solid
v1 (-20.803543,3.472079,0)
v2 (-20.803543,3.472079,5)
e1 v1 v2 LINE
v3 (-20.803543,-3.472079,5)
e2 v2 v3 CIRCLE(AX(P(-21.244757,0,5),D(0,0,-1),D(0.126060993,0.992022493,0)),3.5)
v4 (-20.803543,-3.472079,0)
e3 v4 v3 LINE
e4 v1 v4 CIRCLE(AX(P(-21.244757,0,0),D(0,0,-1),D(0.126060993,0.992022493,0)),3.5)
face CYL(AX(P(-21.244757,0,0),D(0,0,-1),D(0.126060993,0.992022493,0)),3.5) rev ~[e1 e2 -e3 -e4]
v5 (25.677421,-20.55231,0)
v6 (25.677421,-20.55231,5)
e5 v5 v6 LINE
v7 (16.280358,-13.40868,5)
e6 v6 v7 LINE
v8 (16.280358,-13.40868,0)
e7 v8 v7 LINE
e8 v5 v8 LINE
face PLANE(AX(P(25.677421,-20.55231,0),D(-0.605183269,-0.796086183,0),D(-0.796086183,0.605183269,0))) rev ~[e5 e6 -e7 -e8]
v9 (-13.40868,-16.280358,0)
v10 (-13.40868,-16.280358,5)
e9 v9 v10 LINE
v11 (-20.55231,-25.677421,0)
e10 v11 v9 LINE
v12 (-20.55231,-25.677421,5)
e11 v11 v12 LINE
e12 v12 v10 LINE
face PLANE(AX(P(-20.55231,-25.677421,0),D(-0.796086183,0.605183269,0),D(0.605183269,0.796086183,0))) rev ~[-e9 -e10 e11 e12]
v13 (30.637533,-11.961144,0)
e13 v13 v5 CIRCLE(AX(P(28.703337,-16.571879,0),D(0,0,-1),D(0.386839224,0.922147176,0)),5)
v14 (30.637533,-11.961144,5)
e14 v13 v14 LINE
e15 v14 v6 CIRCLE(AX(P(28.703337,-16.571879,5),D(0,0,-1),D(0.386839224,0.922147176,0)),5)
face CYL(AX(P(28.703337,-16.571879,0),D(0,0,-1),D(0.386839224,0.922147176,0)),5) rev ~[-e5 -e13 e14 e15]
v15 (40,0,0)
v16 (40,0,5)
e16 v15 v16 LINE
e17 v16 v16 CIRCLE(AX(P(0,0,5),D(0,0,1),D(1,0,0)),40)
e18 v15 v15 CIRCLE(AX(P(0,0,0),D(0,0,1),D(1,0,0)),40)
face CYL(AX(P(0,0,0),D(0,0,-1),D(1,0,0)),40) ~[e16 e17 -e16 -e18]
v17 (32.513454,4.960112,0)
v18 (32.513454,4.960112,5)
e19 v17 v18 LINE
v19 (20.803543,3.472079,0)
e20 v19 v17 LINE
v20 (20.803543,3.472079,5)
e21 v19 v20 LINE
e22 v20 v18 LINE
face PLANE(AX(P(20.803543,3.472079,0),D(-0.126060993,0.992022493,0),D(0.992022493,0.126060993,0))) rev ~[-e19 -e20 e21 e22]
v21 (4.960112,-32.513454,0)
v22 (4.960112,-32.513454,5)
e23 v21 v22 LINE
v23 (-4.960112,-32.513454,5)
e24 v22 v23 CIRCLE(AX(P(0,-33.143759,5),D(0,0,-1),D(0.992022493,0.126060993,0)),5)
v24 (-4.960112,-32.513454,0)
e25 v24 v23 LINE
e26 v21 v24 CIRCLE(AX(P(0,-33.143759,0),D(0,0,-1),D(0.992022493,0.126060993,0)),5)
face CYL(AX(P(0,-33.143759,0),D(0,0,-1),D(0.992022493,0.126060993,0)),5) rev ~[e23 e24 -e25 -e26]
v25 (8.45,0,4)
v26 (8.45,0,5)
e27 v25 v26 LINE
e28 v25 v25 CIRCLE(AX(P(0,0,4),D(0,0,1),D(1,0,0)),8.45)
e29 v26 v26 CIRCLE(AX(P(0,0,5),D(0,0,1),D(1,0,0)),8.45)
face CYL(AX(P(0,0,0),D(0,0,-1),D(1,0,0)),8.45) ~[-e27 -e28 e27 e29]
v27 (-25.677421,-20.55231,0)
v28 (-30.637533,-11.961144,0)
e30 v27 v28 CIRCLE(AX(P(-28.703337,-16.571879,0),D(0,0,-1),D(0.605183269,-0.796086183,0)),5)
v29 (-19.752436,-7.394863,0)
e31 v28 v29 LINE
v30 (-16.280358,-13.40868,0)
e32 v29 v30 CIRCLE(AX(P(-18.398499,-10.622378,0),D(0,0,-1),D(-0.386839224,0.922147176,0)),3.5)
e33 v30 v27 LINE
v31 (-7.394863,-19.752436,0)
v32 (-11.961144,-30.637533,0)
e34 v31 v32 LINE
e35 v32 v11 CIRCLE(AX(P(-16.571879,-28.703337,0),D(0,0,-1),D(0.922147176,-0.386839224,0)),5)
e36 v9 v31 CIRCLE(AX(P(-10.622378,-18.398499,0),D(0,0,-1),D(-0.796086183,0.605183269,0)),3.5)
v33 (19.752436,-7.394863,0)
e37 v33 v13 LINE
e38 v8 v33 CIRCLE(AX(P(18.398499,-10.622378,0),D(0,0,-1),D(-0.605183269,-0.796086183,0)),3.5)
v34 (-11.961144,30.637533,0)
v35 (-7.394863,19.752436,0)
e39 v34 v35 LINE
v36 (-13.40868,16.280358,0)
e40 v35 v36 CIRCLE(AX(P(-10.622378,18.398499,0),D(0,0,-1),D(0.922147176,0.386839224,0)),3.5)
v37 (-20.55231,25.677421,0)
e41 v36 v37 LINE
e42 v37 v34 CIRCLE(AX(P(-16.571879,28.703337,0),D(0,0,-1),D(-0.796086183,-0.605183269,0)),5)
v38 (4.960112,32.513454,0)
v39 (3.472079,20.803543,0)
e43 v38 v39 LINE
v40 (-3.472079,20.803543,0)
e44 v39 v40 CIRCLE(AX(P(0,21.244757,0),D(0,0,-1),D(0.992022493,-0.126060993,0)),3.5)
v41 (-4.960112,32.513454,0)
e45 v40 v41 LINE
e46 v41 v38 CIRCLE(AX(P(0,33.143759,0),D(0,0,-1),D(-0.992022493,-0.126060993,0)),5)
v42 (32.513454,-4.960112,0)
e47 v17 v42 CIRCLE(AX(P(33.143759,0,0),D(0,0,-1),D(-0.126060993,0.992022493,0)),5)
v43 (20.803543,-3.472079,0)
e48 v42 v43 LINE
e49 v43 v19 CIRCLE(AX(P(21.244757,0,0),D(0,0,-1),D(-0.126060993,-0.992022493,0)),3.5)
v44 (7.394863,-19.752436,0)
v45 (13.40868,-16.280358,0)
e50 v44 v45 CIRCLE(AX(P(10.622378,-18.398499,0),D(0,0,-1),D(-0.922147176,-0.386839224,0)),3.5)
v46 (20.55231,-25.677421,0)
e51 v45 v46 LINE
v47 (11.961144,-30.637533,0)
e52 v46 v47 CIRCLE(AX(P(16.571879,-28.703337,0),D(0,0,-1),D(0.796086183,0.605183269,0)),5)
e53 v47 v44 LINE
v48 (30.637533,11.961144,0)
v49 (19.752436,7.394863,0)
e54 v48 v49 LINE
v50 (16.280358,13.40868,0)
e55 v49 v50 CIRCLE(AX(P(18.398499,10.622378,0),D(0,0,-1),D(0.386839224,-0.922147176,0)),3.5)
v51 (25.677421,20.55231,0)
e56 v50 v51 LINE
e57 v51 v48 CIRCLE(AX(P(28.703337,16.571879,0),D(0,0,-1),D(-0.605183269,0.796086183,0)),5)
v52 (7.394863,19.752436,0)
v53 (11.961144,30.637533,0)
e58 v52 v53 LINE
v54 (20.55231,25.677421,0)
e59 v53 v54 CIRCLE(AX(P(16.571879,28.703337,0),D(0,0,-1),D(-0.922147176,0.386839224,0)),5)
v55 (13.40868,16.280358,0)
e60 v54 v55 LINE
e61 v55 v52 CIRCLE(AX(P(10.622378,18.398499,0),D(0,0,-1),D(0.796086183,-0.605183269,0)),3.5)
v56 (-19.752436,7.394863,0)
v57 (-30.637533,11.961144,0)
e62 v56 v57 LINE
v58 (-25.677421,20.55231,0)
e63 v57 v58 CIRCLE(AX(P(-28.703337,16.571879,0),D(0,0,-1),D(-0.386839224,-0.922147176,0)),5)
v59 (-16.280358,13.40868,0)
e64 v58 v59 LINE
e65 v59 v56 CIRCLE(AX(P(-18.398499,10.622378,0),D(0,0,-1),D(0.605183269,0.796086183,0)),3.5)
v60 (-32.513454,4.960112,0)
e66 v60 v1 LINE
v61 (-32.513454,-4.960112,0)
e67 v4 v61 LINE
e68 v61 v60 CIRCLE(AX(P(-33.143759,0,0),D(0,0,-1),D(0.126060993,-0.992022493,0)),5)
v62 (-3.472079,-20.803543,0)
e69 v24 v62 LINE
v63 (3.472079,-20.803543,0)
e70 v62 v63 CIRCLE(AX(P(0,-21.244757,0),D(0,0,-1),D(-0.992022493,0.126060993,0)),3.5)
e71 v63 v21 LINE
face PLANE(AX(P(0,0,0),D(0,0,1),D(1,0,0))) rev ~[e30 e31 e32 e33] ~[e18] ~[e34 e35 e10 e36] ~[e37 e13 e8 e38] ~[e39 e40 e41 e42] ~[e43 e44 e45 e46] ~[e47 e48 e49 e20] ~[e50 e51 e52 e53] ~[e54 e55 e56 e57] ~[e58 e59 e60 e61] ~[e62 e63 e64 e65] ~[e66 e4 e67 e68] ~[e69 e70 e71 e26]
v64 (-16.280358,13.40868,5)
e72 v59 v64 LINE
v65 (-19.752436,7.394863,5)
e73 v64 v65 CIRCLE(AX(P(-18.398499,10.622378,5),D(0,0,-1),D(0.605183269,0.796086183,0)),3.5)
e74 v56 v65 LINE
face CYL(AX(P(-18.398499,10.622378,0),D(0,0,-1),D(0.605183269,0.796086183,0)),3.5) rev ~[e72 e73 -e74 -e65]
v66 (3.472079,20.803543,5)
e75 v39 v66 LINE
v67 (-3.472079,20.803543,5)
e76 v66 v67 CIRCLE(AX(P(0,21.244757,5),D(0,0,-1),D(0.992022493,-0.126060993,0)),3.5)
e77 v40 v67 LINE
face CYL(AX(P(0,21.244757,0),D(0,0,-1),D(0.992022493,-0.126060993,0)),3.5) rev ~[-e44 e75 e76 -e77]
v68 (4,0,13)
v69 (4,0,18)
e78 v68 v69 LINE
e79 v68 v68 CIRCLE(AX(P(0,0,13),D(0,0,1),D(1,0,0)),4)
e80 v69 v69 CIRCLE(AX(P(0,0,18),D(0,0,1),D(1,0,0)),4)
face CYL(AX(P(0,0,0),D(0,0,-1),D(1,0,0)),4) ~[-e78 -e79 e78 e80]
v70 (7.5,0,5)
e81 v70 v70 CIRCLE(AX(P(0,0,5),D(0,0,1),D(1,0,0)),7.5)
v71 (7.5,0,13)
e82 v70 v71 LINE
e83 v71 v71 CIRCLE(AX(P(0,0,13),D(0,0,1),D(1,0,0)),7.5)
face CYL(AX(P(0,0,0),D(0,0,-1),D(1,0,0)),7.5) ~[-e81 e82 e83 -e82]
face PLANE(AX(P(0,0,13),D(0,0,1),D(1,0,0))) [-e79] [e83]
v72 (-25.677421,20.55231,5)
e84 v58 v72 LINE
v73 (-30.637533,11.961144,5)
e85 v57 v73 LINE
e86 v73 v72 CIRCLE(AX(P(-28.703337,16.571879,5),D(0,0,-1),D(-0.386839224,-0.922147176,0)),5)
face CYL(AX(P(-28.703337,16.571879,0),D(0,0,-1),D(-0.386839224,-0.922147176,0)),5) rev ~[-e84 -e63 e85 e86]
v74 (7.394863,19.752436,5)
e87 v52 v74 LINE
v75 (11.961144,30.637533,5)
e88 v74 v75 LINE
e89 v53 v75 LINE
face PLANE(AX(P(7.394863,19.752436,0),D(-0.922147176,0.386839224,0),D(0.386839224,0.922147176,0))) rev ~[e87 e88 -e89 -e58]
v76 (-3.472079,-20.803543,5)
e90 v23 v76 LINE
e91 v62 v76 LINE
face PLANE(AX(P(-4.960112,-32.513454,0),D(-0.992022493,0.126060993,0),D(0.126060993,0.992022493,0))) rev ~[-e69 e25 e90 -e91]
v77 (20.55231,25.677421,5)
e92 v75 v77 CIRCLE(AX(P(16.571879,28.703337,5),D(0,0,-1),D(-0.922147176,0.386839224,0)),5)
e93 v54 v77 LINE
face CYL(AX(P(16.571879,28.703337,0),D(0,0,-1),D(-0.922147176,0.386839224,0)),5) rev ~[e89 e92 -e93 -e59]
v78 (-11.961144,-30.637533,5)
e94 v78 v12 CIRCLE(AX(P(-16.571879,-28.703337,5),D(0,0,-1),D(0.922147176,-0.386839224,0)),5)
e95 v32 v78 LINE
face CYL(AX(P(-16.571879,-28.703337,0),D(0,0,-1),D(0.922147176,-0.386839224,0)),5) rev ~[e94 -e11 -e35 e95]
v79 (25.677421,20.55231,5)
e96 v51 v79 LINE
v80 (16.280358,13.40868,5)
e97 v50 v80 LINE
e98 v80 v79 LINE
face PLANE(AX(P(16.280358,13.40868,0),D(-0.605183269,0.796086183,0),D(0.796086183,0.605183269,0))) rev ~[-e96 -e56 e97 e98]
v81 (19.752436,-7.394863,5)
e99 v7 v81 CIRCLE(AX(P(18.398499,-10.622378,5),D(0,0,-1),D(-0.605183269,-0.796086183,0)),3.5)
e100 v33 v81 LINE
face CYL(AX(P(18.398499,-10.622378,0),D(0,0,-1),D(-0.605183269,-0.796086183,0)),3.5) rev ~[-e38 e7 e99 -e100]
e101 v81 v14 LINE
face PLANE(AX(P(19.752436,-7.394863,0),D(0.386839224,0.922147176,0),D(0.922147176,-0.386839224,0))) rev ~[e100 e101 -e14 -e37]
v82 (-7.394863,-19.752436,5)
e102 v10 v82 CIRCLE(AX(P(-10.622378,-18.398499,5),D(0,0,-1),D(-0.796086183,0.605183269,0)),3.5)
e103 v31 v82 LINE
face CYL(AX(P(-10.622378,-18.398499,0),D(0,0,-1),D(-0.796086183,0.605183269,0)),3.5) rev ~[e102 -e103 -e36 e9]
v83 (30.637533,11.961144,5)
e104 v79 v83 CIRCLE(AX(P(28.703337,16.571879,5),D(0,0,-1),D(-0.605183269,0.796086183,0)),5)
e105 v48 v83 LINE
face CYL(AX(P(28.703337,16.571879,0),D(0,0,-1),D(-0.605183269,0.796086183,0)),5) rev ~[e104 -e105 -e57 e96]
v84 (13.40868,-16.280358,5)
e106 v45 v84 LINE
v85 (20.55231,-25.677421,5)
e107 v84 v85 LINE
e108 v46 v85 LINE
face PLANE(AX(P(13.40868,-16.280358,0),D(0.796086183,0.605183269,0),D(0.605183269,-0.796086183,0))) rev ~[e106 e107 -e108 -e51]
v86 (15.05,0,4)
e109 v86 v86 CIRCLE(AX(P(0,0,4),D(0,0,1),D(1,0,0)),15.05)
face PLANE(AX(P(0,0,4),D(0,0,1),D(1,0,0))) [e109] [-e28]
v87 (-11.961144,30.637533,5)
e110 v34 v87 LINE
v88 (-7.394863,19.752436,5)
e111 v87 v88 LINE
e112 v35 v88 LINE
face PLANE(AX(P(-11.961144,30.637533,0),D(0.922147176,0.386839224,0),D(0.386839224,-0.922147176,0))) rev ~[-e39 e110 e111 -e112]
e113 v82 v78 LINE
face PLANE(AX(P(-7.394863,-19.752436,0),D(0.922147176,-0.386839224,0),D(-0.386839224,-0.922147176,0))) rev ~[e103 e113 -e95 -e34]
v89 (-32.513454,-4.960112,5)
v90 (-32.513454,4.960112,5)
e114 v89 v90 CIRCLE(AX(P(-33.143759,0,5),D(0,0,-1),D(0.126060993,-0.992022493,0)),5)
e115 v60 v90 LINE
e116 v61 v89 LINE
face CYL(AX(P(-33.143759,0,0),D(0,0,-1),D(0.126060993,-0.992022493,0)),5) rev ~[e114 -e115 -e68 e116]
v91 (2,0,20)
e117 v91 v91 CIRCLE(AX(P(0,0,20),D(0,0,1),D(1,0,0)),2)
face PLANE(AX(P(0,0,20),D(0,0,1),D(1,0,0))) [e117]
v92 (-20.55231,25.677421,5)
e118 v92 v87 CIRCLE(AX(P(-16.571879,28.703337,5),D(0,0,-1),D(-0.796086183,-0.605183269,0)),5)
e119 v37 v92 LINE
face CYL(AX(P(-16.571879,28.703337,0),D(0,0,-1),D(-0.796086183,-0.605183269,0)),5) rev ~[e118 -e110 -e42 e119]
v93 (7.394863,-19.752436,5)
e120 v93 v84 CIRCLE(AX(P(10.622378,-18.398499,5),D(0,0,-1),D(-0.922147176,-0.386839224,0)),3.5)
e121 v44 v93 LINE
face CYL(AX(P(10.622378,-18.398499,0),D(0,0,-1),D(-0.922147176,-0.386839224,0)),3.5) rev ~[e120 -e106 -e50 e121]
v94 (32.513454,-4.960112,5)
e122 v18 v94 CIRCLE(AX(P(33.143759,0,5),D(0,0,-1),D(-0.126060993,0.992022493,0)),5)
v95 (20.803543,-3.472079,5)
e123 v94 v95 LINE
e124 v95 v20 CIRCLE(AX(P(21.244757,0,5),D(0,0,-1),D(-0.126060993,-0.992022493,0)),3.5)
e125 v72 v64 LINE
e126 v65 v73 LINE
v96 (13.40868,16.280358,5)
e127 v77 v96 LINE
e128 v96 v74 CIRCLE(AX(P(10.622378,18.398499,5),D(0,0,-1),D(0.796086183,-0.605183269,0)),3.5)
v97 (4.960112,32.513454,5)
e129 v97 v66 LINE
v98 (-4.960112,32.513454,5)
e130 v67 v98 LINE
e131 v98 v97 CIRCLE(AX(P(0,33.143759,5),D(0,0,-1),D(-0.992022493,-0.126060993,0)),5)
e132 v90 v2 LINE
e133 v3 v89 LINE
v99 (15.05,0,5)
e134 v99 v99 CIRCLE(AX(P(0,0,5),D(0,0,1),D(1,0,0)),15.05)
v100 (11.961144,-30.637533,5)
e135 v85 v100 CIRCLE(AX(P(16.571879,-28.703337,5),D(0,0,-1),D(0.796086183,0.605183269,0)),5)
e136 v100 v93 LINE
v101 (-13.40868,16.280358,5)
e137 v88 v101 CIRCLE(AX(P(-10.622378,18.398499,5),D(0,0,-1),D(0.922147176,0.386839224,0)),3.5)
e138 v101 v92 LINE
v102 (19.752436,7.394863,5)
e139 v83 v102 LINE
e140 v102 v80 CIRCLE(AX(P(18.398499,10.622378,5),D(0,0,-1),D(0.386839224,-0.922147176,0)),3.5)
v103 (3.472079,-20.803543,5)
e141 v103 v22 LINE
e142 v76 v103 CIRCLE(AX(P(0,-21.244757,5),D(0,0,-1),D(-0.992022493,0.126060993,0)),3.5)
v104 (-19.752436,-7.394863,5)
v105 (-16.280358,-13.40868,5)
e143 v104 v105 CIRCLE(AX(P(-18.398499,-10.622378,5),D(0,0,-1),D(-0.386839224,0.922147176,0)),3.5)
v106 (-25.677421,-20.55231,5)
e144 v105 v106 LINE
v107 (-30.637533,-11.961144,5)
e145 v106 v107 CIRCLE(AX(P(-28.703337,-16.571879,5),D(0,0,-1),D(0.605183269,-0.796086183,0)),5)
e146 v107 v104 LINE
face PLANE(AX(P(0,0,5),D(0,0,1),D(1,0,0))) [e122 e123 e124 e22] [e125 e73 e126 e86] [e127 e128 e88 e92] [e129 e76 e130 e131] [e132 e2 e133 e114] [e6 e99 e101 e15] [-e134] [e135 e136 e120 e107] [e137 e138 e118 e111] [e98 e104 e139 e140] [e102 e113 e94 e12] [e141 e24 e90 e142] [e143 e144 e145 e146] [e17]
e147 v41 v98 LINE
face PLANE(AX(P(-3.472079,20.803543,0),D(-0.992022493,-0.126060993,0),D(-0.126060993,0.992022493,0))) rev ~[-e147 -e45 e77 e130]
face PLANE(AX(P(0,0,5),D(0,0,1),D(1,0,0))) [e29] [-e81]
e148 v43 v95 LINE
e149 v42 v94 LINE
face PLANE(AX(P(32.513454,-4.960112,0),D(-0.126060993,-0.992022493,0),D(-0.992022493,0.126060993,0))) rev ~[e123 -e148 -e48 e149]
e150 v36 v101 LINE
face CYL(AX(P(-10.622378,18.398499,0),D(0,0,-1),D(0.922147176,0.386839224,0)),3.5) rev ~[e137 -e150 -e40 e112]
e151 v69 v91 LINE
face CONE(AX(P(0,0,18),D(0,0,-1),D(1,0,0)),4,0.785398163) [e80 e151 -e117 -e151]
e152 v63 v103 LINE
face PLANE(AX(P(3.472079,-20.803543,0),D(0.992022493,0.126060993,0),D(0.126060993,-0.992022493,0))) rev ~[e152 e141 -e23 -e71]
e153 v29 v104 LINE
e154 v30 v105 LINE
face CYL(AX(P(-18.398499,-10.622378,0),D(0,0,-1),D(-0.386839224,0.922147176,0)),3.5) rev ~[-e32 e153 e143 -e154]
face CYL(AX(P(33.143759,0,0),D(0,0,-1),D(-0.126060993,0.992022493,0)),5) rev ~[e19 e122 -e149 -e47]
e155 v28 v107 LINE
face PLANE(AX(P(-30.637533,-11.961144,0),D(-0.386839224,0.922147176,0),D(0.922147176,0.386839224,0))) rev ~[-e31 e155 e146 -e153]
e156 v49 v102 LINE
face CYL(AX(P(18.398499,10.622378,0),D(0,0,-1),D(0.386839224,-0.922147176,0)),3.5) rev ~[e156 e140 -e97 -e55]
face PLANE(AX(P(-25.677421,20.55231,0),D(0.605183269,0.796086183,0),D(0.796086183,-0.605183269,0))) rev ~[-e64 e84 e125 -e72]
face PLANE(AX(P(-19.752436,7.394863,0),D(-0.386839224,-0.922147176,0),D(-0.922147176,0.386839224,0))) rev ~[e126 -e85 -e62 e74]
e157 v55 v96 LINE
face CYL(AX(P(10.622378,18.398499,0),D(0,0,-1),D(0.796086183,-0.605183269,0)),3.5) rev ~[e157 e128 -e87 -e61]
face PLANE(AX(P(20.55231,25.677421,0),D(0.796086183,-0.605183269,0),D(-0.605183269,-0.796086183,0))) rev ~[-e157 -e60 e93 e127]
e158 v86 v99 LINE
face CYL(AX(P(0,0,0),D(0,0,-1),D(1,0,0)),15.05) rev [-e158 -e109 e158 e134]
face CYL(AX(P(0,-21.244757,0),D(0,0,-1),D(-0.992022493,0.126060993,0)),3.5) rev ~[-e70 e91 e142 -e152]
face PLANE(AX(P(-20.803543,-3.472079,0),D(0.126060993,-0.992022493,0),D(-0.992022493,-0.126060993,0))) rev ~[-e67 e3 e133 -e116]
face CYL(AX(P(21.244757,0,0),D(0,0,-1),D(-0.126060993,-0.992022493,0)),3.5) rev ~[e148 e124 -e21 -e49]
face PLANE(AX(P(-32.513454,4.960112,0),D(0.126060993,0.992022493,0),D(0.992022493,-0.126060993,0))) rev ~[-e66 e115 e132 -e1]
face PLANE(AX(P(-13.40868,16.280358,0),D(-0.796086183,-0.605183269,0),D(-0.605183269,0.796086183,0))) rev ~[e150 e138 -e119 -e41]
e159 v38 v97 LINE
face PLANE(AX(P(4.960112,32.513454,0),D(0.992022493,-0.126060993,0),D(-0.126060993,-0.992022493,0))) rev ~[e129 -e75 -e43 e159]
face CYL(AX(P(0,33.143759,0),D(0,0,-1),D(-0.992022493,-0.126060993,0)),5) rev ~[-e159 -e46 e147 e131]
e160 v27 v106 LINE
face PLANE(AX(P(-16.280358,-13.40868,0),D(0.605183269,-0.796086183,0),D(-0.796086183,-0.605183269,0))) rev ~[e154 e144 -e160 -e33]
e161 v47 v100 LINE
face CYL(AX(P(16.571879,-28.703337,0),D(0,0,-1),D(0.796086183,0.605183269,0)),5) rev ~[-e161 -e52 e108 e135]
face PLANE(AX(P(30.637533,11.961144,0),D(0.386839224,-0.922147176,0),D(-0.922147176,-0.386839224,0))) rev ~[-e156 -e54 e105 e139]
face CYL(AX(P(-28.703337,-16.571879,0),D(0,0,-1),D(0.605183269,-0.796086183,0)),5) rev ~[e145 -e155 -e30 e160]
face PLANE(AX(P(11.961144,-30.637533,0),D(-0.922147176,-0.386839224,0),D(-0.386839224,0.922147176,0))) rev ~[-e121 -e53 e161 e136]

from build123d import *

# Parameters (mm, degrees)
F0_R     = 40
F0_R_2   = 15.05
F1_DEPTH = 5
F0_R_3   = 8.45
F2_DEPTH = 4
F0_R_4   = 7.5
F3_DEPTH = 5
F0_R_5   = 4
F4_DEPTH = 13
F5_DEPTH = 20
F6_SIZE2 = 2
F6_SIZE  = 2


with BuildPart() as f1:
    # F0 (on Top) → F1 (new body)
    with BuildSketch(Plane.XY):
        Circle(F0_R)
        with BuildLine():
            ThreePointArc((-11.9611435045, -30.6375331929), (-19.0718793869, -33.0334640939), (-20.5523103021, -25.6774207297))
            Line((-20.5523103021, -25.6774207297), (-13.4086800794, -16.2803577113))
            ThreePointArc((-13.4086800794, -16.2803577113), (-8.8723784387, -15.3674102398), (-7.394863321, -19.7524364356))
            Line((-7.394863321, -19.7524364356), (-11.9611435045, -30.6375331929))
        make_face(mode=Mode.SUBTRACT)
        with BuildLine():
            ThreePointArc((4.9601124633, -32.5134538066), (0, -38.1437587738), (-4.9601124633, -32.5134538066))
            Line((-4.9601124633, -32.5134538066), (-3.4720787243, -20.8035434004))
            ThreePointArc((-3.4720787243, -20.8035434004), (0, -17.7447568774), (3.4720787243, -20.8035434004))
            Line((3.4720787243, -20.8035434004), (4.9601124633, -32.5134538066))
        make_face(mode=Mode.SUBTRACT)
        with BuildLine():
            ThreePointArc((-25.6774207297, -20.5523103021), (-33.0334640939, -19.0718793869), (-30.6375331929, -11.9611435045))
            Line((-30.6375331929, -11.9611435045), (-19.7524364356, -7.394863321))
            ThreePointArc((-19.7524364356, -7.394863321), (-15.3674102398, -8.8723784387), (-16.2803577113, -13.4086800794))
            Line((-16.2803577113, -13.4086800794), (-25.6774207297, -20.5523103021))
        make_face(mode=Mode.SUBTRACT)
        with BuildLine():
            ThreePointArc((20.5523103021, -25.6774207297), (19.0718793869, -33.0334640939), (11.9611435045, -30.6375331929))
            Line((11.9611435045, -30.6375331929), (7.394863321, -19.7524364356))
            ThreePointArc((7.394863321, -19.7524364356), (8.8723784387, -15.3674102398), (13.4086800794, -16.2803577113))
            Line((13.4086800794, -16.2803577113), (20.5523103021, -25.6774207297))
        make_face(mode=Mode.SUBTRACT)
        with BuildLine():
            ThreePointArc((30.6375331929, -11.9611435045), (33.0334640939, -19.0718793869), (25.6774207297, -20.5523103021))
            Line((25.6774207297, -20.5523103021), (16.2803577113, -13.4086800794))
            ThreePointArc((16.2803577113, -13.4086800794), (15.3674102398, -8.8723784387), (19.7524364356, -7.394863321))
            Line((19.7524364356, -7.394863321), (30.6375331929, -11.9611435045))
        make_face(mode=Mode.SUBTRACT)
        with BuildLine():
            ThreePointArc((32.5134538066, 4.9601124633), (38.1437587738, 0), (32.5134538066, -4.9601124633))
            Line((32.5134538066, -4.9601124633), (20.8035434004, -3.4720787243))
            ThreePointArc((20.8035434004, -3.4720787243), (17.7447568774, 0), (20.8035434004, 3.4720787243))
            Line((20.8035434004, 3.4720787243), (32.5134538066, 4.9601124633))
        make_face(mode=Mode.SUBTRACT)
        with BuildLine():
            ThreePointArc((-32.5134538066, -4.9601124633), (-38.1437587738, 0), (-32.5134538066, 4.9601124633))
            Line((-32.5134538066, 4.9601124633), (-20.8035434004, 3.4720787243))
            ThreePointArc((-20.8035434004, 3.4720787243), (-17.7447568774, 0), (-20.8035434004, -3.4720787243))
            Line((-20.8035434004, -3.4720787243), (-32.5134538066, -4.9601124633))
        make_face(mode=Mode.SUBTRACT)
        with BuildLine():
            ThreePointArc((-30.6375331929, 11.9611435045), (-33.0334640939, 19.0718793869), (-25.6774207297, 20.5523103021))
            Line((-25.6774207297, 20.5523103021), (-16.2803577113, 13.4086800794))
            ThreePointArc((-16.2803577113, 13.4086800794), (-15.3674102398, 8.8723784387), (-19.7524364356, 7.394863321))
            Line((-19.7524364356, 7.394863321), (-30.6375331929, 11.9611435045))
        make_face(mode=Mode.SUBTRACT)
        with BuildLine():
            ThreePointArc((-20.5523103021, 25.6774207297), (-19.0718793869, 33.0334640939), (-11.9611435045, 30.6375331929))
            Line((-11.9611435045, 30.6375331929), (-7.394863321, 19.7524364356))
            ThreePointArc((-7.394863321, 19.7524364356), (-8.8723784387, 15.3674102398), (-13.4086800794, 16.2803577113))
            Line((-13.4086800794, 16.2803577113), (-20.5523103021, 25.6774207297))
        make_face(mode=Mode.SUBTRACT)
        Circle(F0_R_2, mode=Mode.SUBTRACT)
        with BuildLine():
            ThreePointArc((25.6774207297, 20.5523103021), (33.0334640939, 19.0718793869), (30.6375331929, 11.9611435045))
            Line((30.6375331929, 11.9611435045), (19.7524364356, 7.394863321))
            ThreePointArc((19.7524364356, 7.394863321), (15.3674102398, 8.8723784387), (16.2803577113, 13.4086800794))
            Line((16.2803577113, 13.4086800794), (25.6774207297, 20.5523103021))
        make_face(mode=Mode.SUBTRACT)
        with BuildLine():
            ThreePointArc((3.4720787243, 20.8035434004), (0, 17.7447568774), (-3.4720787243, 20.8035434004))
            Line((-3.4720787243, 20.8035434004), (-4.9601124633, 32.5134538066))
            ThreePointArc((-4.9601124633, 32.5134538066), (0, 38.1437587738), (4.9601124633, 32.5134538066))
            Line((4.9601124633, 32.5134538066), (3.4720787243, 20.8035434004))
        make_face(mode=Mode.SUBTRACT)
        with BuildLine():
            ThreePointArc((11.9611435045, 30.6375331929), (19.0718793869, 33.0334640939), (20.5523103021, 25.6774207297))
            Line((20.5523103021, 25.6774207297), (13.4086800794, 16.2803577113))
            ThreePointArc((13.4086800794, 16.2803577113), (8.8723784387, 15.3674102398), (7.394863321, 19.7524364356))
            Line((7.394863321, 19.7524364356), (11.9611435045, 30.6375331929))
        make_face(mode=Mode.SUBTRACT)
    extrude(amount=F1_DEPTH)

    # F0 (on Top) → F2 (join)
    with BuildSketch(Plane.XY):
        Circle(F0_R_2)
        Circle(F0_R_3, mode=Mode.SUBTRACT)
    extrude(amount=F2_DEPTH)

    # F0 (on Top) → F3 (join)
    with BuildSketch(Plane.XY):
        Circle(F0_R_3)
        Circle(F0_R_4, mode=Mode.SUBTRACT)
    extrude(amount=F3_DEPTH)

    # F0 (on Top) → F4 (join)
    with BuildSketch(Plane.XY):
        Circle(F0_R_4)
        Circle(F0_R_5, mode=Mode.SUBTRACT)
    extrude(amount=F4_DEPTH)

    # F0 (on Top) → F5 (join)
    with BuildSketch(Plane.XY):
        Circle(F0_R_5)
    extrude(amount=F5_DEPTH)

    # F6
    f6_edges = [f1.edges().sort_by_distance(p)[0] for p in [
        (-4, 0, 20),
    ]]
    chamfer(f6_edges, length=F6_SIZE, length2=F6_SIZE2)


solid = f1.part
